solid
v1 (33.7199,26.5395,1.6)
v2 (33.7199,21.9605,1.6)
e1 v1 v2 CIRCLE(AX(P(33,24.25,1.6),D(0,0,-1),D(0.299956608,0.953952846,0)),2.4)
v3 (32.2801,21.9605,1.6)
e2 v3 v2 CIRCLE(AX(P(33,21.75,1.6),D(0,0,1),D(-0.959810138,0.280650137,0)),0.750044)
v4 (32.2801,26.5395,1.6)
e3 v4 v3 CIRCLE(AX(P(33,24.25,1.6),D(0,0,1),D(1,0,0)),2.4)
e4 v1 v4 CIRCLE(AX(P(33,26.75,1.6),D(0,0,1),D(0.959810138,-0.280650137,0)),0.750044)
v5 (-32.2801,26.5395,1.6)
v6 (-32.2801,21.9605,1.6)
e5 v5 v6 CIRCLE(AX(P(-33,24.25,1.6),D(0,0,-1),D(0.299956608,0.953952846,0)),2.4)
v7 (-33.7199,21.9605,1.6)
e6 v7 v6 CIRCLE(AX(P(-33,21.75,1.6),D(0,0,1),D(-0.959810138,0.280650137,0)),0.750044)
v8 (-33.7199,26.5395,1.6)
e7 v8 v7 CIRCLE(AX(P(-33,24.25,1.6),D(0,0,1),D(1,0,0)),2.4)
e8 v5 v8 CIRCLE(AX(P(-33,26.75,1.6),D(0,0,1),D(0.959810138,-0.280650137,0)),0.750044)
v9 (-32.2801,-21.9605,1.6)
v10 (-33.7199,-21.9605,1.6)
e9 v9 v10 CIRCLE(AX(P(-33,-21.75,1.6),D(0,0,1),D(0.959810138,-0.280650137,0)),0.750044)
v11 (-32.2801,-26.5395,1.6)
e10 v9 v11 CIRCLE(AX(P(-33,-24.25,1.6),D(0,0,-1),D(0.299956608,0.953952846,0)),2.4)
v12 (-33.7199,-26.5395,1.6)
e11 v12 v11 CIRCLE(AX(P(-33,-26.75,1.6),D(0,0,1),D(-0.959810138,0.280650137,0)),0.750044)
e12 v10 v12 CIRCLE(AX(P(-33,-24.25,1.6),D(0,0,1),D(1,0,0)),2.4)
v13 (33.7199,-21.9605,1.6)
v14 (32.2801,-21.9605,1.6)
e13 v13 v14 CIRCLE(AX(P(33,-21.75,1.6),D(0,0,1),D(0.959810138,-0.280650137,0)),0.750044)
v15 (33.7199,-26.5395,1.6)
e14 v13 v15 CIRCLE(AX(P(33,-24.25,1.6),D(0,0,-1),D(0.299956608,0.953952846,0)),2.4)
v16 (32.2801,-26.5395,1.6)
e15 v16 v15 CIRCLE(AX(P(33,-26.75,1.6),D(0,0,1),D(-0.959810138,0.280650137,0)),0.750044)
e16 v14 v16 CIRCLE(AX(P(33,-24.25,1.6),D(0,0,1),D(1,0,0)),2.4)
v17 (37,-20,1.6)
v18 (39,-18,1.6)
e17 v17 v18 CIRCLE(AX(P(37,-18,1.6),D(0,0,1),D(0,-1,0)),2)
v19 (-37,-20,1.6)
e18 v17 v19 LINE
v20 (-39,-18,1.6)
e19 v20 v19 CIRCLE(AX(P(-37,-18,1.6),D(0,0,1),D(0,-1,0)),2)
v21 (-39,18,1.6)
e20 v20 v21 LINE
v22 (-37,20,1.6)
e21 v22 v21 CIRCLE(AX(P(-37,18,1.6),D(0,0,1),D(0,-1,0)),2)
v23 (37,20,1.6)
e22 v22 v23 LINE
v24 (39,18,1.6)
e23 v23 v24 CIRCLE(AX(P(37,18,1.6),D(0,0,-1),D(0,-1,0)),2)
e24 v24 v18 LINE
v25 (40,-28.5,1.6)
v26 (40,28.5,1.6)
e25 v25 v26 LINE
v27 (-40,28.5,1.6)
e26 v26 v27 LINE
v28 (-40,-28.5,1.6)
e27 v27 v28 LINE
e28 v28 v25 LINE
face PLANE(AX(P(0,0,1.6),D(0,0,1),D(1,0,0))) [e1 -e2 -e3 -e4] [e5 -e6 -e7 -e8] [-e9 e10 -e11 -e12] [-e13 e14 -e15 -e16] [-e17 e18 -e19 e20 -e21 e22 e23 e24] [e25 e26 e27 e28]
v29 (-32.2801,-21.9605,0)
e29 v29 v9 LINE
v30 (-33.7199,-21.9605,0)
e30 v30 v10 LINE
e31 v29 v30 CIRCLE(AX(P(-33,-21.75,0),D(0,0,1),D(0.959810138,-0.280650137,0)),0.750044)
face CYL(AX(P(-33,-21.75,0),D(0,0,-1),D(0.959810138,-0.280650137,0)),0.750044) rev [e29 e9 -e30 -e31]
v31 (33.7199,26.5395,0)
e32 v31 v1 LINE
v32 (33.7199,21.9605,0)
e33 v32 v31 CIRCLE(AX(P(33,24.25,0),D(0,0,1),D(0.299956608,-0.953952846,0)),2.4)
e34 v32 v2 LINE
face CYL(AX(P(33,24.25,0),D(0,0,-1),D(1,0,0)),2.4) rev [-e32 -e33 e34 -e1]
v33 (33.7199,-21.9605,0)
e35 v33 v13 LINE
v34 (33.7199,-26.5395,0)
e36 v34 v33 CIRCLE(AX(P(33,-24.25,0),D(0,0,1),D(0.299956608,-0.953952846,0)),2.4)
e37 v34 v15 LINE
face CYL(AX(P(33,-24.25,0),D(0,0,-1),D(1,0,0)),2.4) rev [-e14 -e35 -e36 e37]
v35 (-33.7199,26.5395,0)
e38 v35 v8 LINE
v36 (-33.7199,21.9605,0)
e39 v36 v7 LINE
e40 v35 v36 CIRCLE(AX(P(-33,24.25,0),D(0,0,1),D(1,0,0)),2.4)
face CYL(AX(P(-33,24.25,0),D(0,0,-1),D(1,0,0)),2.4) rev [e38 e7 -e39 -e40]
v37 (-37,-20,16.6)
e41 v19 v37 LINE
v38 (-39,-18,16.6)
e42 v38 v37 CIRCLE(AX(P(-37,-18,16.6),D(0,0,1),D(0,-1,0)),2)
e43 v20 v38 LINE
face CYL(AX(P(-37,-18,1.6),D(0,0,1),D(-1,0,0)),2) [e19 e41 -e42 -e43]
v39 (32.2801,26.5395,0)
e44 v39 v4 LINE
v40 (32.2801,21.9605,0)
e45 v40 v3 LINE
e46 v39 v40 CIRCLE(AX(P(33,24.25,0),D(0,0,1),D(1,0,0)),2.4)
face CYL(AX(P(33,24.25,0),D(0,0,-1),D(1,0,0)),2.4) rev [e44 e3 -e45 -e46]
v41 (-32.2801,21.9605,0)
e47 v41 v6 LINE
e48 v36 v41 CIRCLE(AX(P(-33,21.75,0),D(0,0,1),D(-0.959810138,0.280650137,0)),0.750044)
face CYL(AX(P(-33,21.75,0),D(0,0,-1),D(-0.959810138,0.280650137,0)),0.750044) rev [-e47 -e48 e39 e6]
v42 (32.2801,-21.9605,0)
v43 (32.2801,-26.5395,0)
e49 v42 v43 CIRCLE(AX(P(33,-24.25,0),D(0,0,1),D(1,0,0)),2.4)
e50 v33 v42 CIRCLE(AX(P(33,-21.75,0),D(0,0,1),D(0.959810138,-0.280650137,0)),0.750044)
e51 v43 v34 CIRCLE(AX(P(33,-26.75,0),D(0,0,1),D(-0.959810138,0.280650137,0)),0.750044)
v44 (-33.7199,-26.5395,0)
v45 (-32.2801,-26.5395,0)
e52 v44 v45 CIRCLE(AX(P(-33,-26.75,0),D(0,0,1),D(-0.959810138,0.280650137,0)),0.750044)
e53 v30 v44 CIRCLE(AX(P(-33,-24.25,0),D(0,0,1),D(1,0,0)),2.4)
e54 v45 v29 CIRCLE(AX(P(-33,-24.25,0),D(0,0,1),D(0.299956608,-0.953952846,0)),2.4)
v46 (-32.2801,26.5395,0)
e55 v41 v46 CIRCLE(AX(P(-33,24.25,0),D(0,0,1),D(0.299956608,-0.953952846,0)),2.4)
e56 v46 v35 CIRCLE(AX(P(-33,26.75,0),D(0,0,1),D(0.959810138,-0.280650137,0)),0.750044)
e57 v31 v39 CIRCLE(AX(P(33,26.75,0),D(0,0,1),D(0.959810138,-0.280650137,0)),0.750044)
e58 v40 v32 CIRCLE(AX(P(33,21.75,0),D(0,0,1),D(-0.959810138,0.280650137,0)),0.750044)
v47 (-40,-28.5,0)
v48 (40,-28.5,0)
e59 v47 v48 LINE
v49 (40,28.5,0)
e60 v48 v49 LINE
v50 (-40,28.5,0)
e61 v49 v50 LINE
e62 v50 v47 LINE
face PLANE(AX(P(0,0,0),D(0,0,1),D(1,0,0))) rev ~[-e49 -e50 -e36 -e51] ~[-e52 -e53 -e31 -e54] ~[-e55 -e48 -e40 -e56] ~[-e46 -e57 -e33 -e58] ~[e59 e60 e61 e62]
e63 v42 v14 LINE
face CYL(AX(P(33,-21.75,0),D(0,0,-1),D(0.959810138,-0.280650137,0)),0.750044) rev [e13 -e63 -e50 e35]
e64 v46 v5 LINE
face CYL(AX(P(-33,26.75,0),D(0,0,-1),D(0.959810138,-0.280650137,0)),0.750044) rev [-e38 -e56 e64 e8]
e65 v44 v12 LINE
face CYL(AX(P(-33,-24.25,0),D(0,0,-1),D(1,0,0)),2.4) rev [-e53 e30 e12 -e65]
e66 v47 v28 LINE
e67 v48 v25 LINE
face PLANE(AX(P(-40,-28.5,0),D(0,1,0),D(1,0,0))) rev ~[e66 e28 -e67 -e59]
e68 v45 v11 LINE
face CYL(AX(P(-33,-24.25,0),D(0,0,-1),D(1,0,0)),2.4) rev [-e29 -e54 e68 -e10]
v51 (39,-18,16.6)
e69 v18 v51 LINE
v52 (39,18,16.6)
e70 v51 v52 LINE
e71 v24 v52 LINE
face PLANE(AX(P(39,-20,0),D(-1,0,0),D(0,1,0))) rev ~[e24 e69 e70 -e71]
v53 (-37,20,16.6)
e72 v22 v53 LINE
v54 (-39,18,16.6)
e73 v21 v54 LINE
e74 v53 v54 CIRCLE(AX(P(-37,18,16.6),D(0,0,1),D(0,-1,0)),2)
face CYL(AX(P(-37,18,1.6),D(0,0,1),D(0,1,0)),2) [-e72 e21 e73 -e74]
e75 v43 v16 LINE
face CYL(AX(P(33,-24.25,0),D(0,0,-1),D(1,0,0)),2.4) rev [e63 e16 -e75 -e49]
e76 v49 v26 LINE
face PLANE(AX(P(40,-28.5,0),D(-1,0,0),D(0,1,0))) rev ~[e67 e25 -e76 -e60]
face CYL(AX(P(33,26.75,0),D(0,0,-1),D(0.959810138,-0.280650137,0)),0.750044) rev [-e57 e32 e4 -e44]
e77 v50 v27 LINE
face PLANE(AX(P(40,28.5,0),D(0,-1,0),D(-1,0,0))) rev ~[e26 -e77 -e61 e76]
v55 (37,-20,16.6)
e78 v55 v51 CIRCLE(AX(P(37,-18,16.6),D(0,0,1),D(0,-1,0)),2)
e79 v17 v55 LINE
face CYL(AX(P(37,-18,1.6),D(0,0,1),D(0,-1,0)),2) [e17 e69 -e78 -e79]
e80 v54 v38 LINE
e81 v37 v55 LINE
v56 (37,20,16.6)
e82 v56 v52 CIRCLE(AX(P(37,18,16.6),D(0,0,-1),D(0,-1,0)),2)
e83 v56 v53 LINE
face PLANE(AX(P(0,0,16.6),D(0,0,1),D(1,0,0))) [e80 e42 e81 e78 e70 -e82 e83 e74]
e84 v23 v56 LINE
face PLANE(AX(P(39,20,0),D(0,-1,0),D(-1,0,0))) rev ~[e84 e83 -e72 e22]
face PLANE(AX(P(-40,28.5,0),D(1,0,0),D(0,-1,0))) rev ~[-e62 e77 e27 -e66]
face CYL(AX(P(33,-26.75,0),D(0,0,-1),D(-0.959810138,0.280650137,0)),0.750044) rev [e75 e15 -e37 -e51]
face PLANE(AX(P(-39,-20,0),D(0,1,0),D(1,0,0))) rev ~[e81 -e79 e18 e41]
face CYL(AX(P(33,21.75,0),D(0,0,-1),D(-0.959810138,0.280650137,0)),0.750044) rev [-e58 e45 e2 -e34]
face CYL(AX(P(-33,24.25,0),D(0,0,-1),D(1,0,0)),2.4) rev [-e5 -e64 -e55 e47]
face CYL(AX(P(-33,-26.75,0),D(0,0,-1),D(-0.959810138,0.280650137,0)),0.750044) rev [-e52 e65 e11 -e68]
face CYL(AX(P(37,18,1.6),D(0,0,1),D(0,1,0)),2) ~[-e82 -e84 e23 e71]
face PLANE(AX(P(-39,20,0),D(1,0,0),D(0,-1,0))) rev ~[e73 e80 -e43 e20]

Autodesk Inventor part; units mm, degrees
ref_plane "YZ Plane" through (0, 0, 0) normal (1, 0, 0) x (0, 1, 0)
ref_plane "XZ Plane" through (0, 0, 0) normal (0, 1, 0) x (-1, 0, 0)
ref_plane "XY Plane" through (0, 0, 0) normal (0, 0, 1) x (1, 0, 0)
sketch "Sketch1" plane through (0, 0, 0) normal (0, 0, 1) x (1, 0, 0)
  line L0 (40, 28.5) -> (-40, 28.5)
  line L1 (-40, 28.5) -> (-40, -28.5)
  line L2 (-40, -28.5) -> (40, -28.5)
  line L3 (40, -28.5) -> (40, 28.5)
  line L4 (40, 28.5) -> (-40, -28.5) construction
  line L5 (-40, 28.5) -> (40, -28.5) construction
  line L6 (-33, 24.25) -> (33, 24.25) construction
  line L7 (33, 24.25) -> (33, -24.25) construction
  line L8 (33, -24.25) -> (-33, -24.25) construction
  line L9 (-33, -24.25) -> (-33, 24.25) construction
  line L10 (-33, 24.25) -> (33, -24.25) construction
  line L11 (33, 24.25) -> (-33, -24.25) construction
  line L12 (40, 0) -> (-40, 0) construction
  line L13 (0, 28.5) -> (0, -28.5) construction
  circle A0 centre (33, 24.25) radius 2.4
  circle A1 centre (-33, 24.25) radius 2.4
  circle A2 centre (33, -24.25) radius 2.4
  circle A3 centre (-33, -24.25) radius 2.4
  line L14 (33, 27.5) -> (33, 21) construction
  arc A4 (32.2801, 21.9605) -> (33.7199, 21.9605) centre (33, 21.75) ccw
  arc A5 (-33.7199, 21.9605) -> (-32.2801, 21.9605) centre (-33, 21.75) ccw
  arc A6 (33.7199, -21.9605) -> (32.2801, -21.9605) centre (33, -21.75) ccw
  arc A7 (-32.2801, -21.9605) -> (-33.7199, -21.9605) centre (-33, -21.75) ccw
  line L15 (39, 20) -> (-39, 20)
  line L16 (-39, 20) -> (-39, -20)
  line L17 (-39, -20) -> (39, -20)
  line L18 (39, -20) -> (39, 20)
  line L19 (39, 20) -> (-39, -20) construction
  line L20 (-39, 20) -> (39, -20) construction
  arc A8 (33.7199, 26.5395) -> (32.2801, 26.5395) centre (33, 26.75) ccw
  arc A9 (-32.2801, 26.5395) -> (-33.7199, 26.5395) centre (-33, 26.75) ccw
  arc A10 (32.2801, -26.5395) -> (33.7199, -26.5395) centre (33, -26.75) ccw
  arc A11 (-33.7199, -26.5395) -> (-32.2801, -26.5395) centre (-33, -26.75) ccw
  point P0 (0, 0)
  point P1 (33, 21)
  point P2 (33, -21)
  point P3 (-32.2801, 21.9605)
  point P4 (-33.7199, 21.9605)
  point P5 (-33.7199, -21.9605)
  point P6 (-32.2801, -21.9605)
  point P7 (32.2801, -21.9605)
  point P8 (33.7199, -21.9605)
  point P9 (33, 27.5)
  point P10 (32.2801, 26.5395)
  point P11 (33.7199, 26.5395)
  point P12 (-33.7199, 26.5395)
  point P13 (-32.2801, 26.5395)
  point P14 (-32.2801, -26.5395)
  point P15 (-33.7199, -26.5395)
  point P16 (33.7199, -26.5395)
  point P17 (32.2801, -26.5395)
  dimension "d0" = 80
  dimension "d1" = 57
  dimension "d19" = 4.8
  dimension "d30" = 6.5
  dimension "d33" = 48.5
  dimension "d34" = 66
  dimension "d36" = 1.5
  dimension "d37" = 8.5
  dimension "d38" = 1
  dimension "d41" = 14
  dimension "d42" = 6.5
  dimension "d43" = 1
extrude "Extrusion1" add sketch "Sketch1" along normal blind 1.6 contours L3 L2 L1 L0 | L18 L17 L16 L15
extrude "Extrusion2" add sketch "Sketch1" along normal blind 16.6 contours L18 L17 L16 L15
fillet "Fillet1" radius 2 4 edges at (39, -20, 9.1) (39, 20, 9.1) (-39, -20, 9.1) (-39, 20, 9.1)
properties part number "SUSTAINA-POWER-MONITOR-BOARD1" material "Acetal Resin, Black"
